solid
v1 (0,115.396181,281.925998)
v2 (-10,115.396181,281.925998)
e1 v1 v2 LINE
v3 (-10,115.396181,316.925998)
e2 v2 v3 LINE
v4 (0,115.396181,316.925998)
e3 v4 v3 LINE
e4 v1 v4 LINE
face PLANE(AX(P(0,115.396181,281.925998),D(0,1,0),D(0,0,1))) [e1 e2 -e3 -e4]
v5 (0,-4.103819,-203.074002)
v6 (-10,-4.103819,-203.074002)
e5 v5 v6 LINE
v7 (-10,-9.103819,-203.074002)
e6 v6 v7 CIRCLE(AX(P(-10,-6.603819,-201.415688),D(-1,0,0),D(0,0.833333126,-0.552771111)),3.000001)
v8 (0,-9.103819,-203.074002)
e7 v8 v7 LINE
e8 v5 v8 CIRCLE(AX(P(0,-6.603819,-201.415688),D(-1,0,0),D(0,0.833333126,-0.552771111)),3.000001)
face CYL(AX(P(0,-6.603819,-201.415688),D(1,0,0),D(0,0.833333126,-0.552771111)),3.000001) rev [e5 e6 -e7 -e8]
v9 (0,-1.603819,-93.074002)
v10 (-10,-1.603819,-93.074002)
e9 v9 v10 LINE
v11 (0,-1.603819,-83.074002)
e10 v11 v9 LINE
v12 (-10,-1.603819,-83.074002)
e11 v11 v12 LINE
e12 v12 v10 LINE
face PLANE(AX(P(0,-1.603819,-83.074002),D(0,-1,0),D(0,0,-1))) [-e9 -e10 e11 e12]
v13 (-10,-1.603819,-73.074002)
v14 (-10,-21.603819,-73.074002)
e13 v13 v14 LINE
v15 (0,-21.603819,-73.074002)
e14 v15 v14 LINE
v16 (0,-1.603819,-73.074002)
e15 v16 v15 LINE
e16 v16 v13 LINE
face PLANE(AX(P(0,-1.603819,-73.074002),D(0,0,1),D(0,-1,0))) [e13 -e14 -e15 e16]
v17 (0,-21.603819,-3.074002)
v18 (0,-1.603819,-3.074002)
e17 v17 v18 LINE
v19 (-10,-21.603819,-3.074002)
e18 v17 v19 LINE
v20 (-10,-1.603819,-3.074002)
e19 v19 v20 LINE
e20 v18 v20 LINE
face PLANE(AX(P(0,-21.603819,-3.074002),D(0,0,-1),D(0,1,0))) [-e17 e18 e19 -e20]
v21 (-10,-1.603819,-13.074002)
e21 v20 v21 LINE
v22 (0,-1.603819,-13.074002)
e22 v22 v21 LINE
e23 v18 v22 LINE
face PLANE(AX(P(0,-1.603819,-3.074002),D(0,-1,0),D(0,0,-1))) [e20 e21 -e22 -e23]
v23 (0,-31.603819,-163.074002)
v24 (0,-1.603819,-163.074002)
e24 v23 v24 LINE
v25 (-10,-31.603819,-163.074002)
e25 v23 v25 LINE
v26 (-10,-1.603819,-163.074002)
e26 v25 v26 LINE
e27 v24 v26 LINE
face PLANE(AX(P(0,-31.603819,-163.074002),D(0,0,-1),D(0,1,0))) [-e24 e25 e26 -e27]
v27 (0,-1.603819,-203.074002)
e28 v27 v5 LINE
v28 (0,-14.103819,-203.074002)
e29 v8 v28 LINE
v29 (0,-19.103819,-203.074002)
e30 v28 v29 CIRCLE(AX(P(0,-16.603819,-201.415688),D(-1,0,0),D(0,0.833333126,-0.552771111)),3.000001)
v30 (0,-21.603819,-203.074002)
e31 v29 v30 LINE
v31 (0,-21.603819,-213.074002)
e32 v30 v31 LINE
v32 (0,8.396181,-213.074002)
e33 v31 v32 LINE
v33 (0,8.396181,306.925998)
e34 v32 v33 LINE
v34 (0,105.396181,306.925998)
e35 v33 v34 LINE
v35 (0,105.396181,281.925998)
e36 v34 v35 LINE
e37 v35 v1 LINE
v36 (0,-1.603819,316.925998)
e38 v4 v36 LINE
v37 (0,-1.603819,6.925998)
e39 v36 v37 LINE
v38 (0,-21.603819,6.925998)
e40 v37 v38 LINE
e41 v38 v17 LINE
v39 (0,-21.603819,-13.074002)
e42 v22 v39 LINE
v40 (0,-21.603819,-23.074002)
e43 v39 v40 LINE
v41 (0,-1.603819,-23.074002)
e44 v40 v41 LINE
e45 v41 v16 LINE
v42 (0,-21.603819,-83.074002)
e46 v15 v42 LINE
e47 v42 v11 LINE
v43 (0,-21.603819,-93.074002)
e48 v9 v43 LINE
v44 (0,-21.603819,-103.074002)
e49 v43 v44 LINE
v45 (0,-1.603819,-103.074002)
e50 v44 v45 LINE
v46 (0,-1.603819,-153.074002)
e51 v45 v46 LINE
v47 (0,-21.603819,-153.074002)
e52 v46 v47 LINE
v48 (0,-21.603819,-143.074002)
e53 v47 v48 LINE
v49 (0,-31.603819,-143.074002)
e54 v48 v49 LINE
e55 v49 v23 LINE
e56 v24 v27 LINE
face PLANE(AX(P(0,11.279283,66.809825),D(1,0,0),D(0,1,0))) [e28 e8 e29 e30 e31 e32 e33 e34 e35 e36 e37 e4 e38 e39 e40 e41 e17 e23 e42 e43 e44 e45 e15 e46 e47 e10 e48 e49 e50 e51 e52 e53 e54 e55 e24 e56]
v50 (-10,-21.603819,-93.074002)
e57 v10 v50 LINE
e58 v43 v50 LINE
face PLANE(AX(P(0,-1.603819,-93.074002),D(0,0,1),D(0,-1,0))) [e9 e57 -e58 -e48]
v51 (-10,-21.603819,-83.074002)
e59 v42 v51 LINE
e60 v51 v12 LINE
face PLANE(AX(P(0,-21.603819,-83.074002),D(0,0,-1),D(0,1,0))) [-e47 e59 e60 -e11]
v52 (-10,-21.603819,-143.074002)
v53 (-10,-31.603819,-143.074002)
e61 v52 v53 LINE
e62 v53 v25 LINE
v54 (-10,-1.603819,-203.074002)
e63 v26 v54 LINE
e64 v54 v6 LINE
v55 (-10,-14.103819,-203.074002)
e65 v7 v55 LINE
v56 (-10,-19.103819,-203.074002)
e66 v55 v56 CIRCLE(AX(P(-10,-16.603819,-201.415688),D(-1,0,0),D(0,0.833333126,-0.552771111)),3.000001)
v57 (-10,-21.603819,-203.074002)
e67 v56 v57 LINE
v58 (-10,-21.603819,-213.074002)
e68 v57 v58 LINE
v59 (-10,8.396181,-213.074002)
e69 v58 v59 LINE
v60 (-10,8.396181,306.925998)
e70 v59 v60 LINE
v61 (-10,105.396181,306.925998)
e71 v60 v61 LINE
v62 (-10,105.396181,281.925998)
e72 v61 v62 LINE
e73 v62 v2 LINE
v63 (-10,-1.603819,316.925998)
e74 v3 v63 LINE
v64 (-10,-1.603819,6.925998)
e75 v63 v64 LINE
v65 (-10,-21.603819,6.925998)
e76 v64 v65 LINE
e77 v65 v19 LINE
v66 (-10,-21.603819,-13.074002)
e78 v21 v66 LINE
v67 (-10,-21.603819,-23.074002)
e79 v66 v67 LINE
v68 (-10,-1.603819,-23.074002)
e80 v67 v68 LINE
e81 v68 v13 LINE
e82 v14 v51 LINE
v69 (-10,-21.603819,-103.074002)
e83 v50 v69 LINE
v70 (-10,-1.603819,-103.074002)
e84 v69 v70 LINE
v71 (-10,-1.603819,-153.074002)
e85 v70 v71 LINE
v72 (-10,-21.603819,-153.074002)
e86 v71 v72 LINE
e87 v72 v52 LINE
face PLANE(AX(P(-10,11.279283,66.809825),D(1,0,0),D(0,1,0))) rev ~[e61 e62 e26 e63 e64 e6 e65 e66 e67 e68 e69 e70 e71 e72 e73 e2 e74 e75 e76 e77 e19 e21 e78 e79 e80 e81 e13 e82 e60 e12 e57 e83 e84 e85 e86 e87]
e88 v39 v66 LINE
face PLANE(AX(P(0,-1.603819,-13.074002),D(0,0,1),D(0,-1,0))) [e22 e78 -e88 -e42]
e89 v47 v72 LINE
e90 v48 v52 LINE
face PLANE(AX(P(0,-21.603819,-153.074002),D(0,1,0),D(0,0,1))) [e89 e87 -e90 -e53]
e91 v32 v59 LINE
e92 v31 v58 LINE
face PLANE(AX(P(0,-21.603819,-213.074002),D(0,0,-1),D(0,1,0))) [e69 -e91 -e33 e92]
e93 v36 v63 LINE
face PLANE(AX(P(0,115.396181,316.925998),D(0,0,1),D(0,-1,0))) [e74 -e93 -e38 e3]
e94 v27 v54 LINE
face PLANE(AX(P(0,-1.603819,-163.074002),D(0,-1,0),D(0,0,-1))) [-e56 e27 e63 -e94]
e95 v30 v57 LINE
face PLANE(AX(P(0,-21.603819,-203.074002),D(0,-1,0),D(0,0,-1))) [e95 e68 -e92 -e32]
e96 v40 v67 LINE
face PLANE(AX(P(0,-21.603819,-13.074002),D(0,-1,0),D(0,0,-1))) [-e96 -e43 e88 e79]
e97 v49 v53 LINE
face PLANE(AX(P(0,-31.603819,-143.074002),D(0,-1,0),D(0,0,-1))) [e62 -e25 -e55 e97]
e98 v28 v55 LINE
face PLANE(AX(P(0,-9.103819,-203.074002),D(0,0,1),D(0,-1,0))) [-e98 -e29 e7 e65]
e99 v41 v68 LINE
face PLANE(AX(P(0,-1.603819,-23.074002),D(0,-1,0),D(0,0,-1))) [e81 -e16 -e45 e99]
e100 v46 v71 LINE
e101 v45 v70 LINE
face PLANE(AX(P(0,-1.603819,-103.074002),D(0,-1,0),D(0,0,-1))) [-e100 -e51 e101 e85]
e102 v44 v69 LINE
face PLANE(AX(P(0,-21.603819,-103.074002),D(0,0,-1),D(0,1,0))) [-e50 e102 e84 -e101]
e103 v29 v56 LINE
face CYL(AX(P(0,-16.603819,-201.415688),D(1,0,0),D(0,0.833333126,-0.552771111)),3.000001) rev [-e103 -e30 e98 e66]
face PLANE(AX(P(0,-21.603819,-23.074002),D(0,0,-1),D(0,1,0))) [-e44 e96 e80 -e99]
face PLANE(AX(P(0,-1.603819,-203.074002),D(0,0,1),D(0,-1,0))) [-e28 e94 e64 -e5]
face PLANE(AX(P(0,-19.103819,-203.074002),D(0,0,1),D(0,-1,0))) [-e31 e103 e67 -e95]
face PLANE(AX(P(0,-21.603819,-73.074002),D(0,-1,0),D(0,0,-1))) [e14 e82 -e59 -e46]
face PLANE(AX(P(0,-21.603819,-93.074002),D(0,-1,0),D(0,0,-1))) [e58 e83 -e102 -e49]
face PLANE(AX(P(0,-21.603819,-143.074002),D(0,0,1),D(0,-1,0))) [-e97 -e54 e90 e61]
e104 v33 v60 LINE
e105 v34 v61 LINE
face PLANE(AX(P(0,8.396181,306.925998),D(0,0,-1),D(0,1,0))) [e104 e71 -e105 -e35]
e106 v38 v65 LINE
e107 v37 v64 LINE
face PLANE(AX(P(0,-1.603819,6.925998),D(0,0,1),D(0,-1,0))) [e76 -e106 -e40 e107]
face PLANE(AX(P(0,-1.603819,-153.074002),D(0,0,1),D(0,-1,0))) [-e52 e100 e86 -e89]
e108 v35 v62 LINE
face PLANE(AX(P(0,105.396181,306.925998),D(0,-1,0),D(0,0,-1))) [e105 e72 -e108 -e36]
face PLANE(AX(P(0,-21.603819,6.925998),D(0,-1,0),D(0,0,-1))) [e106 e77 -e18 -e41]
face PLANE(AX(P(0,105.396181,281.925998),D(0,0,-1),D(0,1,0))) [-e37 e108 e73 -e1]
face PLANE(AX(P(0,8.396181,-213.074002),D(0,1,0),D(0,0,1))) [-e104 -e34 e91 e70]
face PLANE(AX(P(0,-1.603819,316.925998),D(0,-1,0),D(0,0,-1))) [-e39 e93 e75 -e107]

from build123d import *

# Parameters (mm, degrees)
F1_DEPTH = 10


with BuildPart() as f1:
    # F0 (on Right) → F1 (new body)
    with BuildSketch(Plane.YZ):
        with BuildLine():
            Line((115.396181, 316.925998), (-1.603819, 316.925998))
            Line((-1.603819, 316.925998), (-1.603819, 6.925998))
            Line((-1.603819, 6.925998), (-21.603819, 6.925998))
            Line((-21.603819, 6.925998), (-21.603819, -3.074002))
            Line((-21.603819, -3.074002), (-1.603819, -3.074002))
            Line((-1.603819, -3.074002), (-1.603819, -13.074002))
            Line((-1.603819, -13.074002), (-21.603819, -13.074002))
            Line((-21.603819, -13.074002), (-21.603819, -23.074002))
            Line((-21.603819, -23.074002), (-1.603819, -23.074002))
            Line((-1.603819, -23.074002), (-1.603819, -73.074002))
            Line((-1.603819, -73.074002), (-21.603819, -73.074002))
            Line((-21.603819, -73.074002), (-21.603819, -83.074002))
            Line((-21.603819, -83.074002), (-1.603819, -83.074002))
            Line((-1.603819, -83.074002), (-1.603819, -93.074002))
            Line((-1.603819, -93.074002), (-21.603819, -93.074002))
            Line((-21.603819, -93.074002), (-21.603819, -103.074002))
            Line((-21.603819, -103.074002), (-1.603819, -103.074002))
            Line((-1.603819, -103.074002), (-1.603819, -153.074002))
            Line((-1.603819, -153.074002), (-21.603819, -153.074002))
            Line((-21.603819, -153.074002), (-21.603819, -143.074002))
            Line((-21.603819, -143.074002), (-31.603819, -143.074002))
            Line((-31.603819, -143.074002), (-31.603819, -163.074002))
            Line((-31.603819, -163.074002), (-1.603819, -163.074002))
            Line((-1.603819, -163.074002), (-1.603819, -203.074002))
            Line((-1.603819, -203.074002), (-4.103819, -203.074002))
            ThreePointArc((-4.103819, -203.074002), (-6.603819, -204.415689), (-9.103819, -203.074002))
            Line((-9.103819, -203.074002), (-14.103819, -203.074002))
            ThreePointArc((-14.103819, -203.074002), (-16.603819, -204.415689), (-19.103819, -203.074002))
            Line((-19.103819, -203.074002), (-21.603819, -203.074002))
            Line((-21.603819, -203.074002), (-21.603819, -213.074002))
            Line((-21.603819, -213.074002), (8.396181, -213.074002))
            Line((8.396181, -213.074002), (8.396181, 306.925998))
            Line((8.396181, 306.925998), (105.396181, 306.925998))
            Line((105.396181, 306.925998), (105.396181, 281.925998))
            Line((105.396181, 281.925998), (115.396181, 281.925998))
            Line((115.396181, 281.925998), (115.396181, 316.925998))
        make_face()
    extrude(amount=-F1_DEPTH)


solid = f1.part
